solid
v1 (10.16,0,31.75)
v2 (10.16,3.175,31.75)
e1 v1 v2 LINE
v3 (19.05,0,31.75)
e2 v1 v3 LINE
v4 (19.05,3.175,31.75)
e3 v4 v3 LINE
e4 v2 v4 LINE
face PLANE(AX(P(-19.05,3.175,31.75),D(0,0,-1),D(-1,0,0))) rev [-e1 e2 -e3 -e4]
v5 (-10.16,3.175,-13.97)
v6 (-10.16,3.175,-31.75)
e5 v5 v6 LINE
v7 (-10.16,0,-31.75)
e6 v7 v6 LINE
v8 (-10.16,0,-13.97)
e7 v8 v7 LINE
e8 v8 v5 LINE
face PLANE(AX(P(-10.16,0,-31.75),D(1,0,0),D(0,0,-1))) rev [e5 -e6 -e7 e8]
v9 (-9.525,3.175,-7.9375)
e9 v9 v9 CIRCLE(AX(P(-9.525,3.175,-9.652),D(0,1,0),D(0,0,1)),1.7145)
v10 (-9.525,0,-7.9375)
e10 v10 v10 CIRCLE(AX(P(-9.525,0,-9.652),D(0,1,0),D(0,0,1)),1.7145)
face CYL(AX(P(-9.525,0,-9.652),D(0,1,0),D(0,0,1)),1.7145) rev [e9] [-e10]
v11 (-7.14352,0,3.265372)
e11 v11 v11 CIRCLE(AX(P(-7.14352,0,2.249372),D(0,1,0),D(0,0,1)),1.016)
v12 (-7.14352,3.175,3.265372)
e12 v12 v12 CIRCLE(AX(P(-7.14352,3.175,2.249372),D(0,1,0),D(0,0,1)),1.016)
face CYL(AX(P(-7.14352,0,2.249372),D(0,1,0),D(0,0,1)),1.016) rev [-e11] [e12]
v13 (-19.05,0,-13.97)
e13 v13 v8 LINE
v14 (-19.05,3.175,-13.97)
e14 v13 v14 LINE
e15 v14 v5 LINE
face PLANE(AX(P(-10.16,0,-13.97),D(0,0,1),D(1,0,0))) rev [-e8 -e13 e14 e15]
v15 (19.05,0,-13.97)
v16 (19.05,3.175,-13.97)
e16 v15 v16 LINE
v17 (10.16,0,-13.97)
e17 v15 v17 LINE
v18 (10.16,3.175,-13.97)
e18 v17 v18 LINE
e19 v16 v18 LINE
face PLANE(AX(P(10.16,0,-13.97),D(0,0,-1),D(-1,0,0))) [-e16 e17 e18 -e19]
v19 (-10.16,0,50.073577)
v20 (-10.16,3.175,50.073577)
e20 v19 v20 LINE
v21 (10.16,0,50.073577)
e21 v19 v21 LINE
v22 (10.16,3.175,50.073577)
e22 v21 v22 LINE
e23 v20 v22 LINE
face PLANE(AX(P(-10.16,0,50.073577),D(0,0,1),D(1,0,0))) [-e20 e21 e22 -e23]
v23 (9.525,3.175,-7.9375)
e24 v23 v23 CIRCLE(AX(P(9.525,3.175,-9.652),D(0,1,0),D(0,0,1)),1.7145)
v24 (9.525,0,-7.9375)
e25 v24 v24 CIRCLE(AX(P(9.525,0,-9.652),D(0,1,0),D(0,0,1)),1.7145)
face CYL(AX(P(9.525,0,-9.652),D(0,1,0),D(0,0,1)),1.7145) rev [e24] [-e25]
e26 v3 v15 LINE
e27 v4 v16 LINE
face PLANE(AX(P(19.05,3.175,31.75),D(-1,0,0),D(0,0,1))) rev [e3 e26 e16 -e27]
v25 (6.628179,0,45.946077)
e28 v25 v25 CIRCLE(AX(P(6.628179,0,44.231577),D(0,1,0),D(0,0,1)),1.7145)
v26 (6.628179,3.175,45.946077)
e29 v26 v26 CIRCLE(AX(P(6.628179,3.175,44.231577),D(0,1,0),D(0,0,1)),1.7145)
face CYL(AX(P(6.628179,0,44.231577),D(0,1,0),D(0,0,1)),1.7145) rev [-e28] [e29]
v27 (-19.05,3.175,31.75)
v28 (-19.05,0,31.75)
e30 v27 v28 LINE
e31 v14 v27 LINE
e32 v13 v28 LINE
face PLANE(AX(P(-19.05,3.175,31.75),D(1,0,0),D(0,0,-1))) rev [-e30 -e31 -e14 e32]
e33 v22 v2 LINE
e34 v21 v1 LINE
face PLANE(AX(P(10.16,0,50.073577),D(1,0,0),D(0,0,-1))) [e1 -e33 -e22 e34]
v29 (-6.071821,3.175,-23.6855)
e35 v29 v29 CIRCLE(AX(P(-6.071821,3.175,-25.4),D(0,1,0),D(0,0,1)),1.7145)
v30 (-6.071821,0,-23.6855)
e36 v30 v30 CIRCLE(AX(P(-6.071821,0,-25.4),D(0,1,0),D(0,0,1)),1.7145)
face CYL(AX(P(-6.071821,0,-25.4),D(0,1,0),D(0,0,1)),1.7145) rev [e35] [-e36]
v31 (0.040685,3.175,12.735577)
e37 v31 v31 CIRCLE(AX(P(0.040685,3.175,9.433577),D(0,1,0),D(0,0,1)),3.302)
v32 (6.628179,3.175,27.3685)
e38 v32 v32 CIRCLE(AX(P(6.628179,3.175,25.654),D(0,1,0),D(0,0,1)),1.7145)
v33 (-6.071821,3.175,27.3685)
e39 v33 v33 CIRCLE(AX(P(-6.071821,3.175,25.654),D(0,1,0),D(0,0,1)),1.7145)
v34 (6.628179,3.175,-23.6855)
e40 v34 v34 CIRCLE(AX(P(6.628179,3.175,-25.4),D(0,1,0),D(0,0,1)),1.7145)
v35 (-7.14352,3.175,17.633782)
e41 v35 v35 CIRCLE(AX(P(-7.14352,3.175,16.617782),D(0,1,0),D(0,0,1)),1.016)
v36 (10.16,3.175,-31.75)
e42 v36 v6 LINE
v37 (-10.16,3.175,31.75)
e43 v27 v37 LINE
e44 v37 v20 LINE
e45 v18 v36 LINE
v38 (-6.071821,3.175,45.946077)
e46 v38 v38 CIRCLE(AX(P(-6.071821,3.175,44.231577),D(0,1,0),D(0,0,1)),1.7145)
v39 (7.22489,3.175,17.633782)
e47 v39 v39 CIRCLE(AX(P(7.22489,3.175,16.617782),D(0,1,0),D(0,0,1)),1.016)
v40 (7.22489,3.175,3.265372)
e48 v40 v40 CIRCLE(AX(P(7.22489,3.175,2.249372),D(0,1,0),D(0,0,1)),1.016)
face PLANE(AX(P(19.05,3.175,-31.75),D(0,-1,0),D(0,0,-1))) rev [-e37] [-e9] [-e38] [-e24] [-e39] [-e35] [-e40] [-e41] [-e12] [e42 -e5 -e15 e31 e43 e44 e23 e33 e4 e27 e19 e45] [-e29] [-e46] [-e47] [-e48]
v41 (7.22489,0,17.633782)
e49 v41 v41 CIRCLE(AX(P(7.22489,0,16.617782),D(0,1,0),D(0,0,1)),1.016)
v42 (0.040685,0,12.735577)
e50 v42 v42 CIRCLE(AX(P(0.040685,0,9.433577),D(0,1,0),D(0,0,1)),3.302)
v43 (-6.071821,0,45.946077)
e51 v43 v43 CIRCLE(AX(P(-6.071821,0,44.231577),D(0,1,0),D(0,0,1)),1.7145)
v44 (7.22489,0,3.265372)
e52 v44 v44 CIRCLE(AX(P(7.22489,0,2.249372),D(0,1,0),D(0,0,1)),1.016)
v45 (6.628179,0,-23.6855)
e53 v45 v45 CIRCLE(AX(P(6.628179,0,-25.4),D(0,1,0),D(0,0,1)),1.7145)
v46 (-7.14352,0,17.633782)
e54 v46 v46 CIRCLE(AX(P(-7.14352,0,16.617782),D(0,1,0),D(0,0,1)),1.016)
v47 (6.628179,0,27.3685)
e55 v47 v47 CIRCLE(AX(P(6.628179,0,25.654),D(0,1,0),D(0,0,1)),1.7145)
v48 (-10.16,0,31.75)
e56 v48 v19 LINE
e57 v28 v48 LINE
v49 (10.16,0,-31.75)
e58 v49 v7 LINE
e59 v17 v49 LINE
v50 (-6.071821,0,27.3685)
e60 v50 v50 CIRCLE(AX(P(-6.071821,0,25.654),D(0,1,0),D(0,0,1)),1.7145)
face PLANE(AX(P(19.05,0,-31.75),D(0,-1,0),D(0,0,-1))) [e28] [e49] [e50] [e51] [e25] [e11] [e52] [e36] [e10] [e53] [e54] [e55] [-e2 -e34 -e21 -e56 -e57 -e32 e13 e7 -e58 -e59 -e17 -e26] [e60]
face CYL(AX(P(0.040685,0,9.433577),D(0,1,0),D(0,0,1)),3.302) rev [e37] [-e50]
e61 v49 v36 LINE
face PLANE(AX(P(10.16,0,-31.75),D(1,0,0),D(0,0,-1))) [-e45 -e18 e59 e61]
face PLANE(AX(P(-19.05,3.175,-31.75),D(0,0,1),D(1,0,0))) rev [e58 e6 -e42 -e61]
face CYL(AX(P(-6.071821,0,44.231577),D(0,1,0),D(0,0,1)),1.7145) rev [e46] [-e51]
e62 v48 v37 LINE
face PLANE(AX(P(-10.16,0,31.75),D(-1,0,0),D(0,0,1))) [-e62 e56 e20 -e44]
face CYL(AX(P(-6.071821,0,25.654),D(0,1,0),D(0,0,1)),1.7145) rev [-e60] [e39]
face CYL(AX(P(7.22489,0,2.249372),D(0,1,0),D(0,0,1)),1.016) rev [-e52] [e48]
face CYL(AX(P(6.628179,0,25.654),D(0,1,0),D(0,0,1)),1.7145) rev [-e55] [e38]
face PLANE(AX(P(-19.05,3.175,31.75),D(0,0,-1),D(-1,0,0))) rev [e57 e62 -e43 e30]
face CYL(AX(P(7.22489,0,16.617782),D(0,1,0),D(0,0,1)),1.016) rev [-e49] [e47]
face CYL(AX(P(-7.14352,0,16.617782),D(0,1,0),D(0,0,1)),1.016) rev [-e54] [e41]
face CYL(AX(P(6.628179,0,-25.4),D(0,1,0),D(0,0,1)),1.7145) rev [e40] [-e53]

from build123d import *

# Parameters (mm, degrees)
SKETCH1_W                          = 38.1
SKETCH1_H                          = 63.5
BOSS_EXTRUDE1_DEPTH                = 3.175
SKETCH3_R                          = 3.302
SKETCH3_R_2                        = 1.016
HOLES_FOR_SERVO_MOUNT_DEPTH        = 4.175
SKETCH2_R                          = 1.7145
HOLES_FOR_TILT_SERVO_BRACKET_DEPTH = 4.175
SKETCH4_R                          = 1.7145
HOLES_FOR_PILLOW_BRACKET_DEPTH     = 4.175
SKETCH5_W                          = 8.89
SKETCH5_H                          = 17.78
CUT_EXTRUDE1_DEPTH                 = 4.175
SKETCH10_R                         = 1.7145
BOSS_EXTRUDE3_DEPTH                = 3.175


with BuildPart() as part:
    # Sketch1 → Boss-Extrude1 (new body)
    with BuildSketch(Plane(origin=(0, 0, 0), x_dir=(1, 0, 0), z_dir=(0, 1, 0))):
        Rectangle(SKETCH1_W, SKETCH1_H)
    extrude(amount=BOSS_EXTRUDE1_DEPTH)

    # Sketch3 → holes for servo mount (cut, through all)
    with BuildSketch(Plane(origin=(0, 3.175, 0), x_dir=(1, 0, 0), z_dir=(0, 1, 0))):
        with Locations((0.040685132, -9.433577206)):
            Circle(SKETCH3_R)
        with Locations((7.224890029, -16.617782103)):
            Circle(SKETCH3_R_2)
        with Locations((-7.143519765, -2.249372309)):
            Circle(SKETCH3_R_2)
        with Locations((-7.143519765, -16.617782103)):
            Circle(SKETCH3_R_2)
        with Locations((7.224890029, -2.249372309)):
            Circle(SKETCH3_R_2)
    extrude(amount=-HOLES_FOR_SERVO_MOUNT_DEPTH, mode=Mode.SUBTRACT)

    # Sketch2 → holes for tilt servo bracket (cut, through all)
    with BuildSketch(Plane(origin=(0, 3.175, 0), x_dir=(1, 0, 0), z_dir=(0, 1, 0))):
        with Locations((-6.071821378, 25.4)):
            Circle(SKETCH2_R)
        with Locations((6.628178622, 25.4)):
            Circle(SKETCH2_R)
        with Locations((6.628178622, -25.654)):
            Circle(SKETCH2_R)
        with Locations((-6.071821378, -25.654)):
            Circle(SKETCH2_R)
    extrude(amount=-HOLES_FOR_TILT_SERVO_BRACKET_DEPTH, mode=Mode.SUBTRACT)

    # Sketch4 → holes for pillow bracket (cut, through all)
    with BuildSketch(Plane(origin=(0, 3.175, 0), x_dir=(1, 0, 0), z_dir=(0, 1, 0))):
        with Locations((9.525, 9.652)):
            Circle(SKETCH4_R)
        with Locations((-9.525, 9.652)):
            Circle(SKETCH4_R)
    extrude(amount=-HOLES_FOR_PILLOW_BRACKET_DEPTH, mode=Mode.SUBTRACT)

    # Sketch5 → Cut-Extrude1 (cut, through all)
    with BuildSketch(Plane(origin=(0, 3.175, 0), x_dir=(1, 0, 0), z_dir=(0, 1, 0))):
        with Locations((-14.605, 22.86)):
            Rectangle(SKETCH5_W, SKETCH5_H)
    cut_extrude1 = extrude(amount=-CUT_EXTRUDE1_DEPTH, mode=Mode.SUBTRACT)

    # Mirror1: Cut-Extrude1 across plane
    add(cut_extrude1.mirror(Plane(origin=(0, 0, 0), x_dir=(0, 0, 1), z_dir=(1, 0, 0))), mode=Mode.SUBTRACT)

    # Sketch10 → Boss-Extrude3 (add)
    with BuildSketch(Plane(origin=(0, 3.175, 0), x_dir=(1, 0, 0), z_dir=(0, 1, 0))):
        Polygon((0, -31.75), (-10.16, -31.75), (-10.16, -50.073577206), (10.16, -50.073577206), (10.16, -31.75), align=None)
        with Locations((-6.071821378, -44.231577206)):
            Circle(SKETCH10_R, mode=Mode.SUBTRACT)
        with Locations((6.628178622, -44.231577206)):
            Circle(SKETCH10_R, mode=Mode.SUBTRACT)
    extrude(amount=-BOSS_EXTRUDE3_DEPTH)


solid = part.part
